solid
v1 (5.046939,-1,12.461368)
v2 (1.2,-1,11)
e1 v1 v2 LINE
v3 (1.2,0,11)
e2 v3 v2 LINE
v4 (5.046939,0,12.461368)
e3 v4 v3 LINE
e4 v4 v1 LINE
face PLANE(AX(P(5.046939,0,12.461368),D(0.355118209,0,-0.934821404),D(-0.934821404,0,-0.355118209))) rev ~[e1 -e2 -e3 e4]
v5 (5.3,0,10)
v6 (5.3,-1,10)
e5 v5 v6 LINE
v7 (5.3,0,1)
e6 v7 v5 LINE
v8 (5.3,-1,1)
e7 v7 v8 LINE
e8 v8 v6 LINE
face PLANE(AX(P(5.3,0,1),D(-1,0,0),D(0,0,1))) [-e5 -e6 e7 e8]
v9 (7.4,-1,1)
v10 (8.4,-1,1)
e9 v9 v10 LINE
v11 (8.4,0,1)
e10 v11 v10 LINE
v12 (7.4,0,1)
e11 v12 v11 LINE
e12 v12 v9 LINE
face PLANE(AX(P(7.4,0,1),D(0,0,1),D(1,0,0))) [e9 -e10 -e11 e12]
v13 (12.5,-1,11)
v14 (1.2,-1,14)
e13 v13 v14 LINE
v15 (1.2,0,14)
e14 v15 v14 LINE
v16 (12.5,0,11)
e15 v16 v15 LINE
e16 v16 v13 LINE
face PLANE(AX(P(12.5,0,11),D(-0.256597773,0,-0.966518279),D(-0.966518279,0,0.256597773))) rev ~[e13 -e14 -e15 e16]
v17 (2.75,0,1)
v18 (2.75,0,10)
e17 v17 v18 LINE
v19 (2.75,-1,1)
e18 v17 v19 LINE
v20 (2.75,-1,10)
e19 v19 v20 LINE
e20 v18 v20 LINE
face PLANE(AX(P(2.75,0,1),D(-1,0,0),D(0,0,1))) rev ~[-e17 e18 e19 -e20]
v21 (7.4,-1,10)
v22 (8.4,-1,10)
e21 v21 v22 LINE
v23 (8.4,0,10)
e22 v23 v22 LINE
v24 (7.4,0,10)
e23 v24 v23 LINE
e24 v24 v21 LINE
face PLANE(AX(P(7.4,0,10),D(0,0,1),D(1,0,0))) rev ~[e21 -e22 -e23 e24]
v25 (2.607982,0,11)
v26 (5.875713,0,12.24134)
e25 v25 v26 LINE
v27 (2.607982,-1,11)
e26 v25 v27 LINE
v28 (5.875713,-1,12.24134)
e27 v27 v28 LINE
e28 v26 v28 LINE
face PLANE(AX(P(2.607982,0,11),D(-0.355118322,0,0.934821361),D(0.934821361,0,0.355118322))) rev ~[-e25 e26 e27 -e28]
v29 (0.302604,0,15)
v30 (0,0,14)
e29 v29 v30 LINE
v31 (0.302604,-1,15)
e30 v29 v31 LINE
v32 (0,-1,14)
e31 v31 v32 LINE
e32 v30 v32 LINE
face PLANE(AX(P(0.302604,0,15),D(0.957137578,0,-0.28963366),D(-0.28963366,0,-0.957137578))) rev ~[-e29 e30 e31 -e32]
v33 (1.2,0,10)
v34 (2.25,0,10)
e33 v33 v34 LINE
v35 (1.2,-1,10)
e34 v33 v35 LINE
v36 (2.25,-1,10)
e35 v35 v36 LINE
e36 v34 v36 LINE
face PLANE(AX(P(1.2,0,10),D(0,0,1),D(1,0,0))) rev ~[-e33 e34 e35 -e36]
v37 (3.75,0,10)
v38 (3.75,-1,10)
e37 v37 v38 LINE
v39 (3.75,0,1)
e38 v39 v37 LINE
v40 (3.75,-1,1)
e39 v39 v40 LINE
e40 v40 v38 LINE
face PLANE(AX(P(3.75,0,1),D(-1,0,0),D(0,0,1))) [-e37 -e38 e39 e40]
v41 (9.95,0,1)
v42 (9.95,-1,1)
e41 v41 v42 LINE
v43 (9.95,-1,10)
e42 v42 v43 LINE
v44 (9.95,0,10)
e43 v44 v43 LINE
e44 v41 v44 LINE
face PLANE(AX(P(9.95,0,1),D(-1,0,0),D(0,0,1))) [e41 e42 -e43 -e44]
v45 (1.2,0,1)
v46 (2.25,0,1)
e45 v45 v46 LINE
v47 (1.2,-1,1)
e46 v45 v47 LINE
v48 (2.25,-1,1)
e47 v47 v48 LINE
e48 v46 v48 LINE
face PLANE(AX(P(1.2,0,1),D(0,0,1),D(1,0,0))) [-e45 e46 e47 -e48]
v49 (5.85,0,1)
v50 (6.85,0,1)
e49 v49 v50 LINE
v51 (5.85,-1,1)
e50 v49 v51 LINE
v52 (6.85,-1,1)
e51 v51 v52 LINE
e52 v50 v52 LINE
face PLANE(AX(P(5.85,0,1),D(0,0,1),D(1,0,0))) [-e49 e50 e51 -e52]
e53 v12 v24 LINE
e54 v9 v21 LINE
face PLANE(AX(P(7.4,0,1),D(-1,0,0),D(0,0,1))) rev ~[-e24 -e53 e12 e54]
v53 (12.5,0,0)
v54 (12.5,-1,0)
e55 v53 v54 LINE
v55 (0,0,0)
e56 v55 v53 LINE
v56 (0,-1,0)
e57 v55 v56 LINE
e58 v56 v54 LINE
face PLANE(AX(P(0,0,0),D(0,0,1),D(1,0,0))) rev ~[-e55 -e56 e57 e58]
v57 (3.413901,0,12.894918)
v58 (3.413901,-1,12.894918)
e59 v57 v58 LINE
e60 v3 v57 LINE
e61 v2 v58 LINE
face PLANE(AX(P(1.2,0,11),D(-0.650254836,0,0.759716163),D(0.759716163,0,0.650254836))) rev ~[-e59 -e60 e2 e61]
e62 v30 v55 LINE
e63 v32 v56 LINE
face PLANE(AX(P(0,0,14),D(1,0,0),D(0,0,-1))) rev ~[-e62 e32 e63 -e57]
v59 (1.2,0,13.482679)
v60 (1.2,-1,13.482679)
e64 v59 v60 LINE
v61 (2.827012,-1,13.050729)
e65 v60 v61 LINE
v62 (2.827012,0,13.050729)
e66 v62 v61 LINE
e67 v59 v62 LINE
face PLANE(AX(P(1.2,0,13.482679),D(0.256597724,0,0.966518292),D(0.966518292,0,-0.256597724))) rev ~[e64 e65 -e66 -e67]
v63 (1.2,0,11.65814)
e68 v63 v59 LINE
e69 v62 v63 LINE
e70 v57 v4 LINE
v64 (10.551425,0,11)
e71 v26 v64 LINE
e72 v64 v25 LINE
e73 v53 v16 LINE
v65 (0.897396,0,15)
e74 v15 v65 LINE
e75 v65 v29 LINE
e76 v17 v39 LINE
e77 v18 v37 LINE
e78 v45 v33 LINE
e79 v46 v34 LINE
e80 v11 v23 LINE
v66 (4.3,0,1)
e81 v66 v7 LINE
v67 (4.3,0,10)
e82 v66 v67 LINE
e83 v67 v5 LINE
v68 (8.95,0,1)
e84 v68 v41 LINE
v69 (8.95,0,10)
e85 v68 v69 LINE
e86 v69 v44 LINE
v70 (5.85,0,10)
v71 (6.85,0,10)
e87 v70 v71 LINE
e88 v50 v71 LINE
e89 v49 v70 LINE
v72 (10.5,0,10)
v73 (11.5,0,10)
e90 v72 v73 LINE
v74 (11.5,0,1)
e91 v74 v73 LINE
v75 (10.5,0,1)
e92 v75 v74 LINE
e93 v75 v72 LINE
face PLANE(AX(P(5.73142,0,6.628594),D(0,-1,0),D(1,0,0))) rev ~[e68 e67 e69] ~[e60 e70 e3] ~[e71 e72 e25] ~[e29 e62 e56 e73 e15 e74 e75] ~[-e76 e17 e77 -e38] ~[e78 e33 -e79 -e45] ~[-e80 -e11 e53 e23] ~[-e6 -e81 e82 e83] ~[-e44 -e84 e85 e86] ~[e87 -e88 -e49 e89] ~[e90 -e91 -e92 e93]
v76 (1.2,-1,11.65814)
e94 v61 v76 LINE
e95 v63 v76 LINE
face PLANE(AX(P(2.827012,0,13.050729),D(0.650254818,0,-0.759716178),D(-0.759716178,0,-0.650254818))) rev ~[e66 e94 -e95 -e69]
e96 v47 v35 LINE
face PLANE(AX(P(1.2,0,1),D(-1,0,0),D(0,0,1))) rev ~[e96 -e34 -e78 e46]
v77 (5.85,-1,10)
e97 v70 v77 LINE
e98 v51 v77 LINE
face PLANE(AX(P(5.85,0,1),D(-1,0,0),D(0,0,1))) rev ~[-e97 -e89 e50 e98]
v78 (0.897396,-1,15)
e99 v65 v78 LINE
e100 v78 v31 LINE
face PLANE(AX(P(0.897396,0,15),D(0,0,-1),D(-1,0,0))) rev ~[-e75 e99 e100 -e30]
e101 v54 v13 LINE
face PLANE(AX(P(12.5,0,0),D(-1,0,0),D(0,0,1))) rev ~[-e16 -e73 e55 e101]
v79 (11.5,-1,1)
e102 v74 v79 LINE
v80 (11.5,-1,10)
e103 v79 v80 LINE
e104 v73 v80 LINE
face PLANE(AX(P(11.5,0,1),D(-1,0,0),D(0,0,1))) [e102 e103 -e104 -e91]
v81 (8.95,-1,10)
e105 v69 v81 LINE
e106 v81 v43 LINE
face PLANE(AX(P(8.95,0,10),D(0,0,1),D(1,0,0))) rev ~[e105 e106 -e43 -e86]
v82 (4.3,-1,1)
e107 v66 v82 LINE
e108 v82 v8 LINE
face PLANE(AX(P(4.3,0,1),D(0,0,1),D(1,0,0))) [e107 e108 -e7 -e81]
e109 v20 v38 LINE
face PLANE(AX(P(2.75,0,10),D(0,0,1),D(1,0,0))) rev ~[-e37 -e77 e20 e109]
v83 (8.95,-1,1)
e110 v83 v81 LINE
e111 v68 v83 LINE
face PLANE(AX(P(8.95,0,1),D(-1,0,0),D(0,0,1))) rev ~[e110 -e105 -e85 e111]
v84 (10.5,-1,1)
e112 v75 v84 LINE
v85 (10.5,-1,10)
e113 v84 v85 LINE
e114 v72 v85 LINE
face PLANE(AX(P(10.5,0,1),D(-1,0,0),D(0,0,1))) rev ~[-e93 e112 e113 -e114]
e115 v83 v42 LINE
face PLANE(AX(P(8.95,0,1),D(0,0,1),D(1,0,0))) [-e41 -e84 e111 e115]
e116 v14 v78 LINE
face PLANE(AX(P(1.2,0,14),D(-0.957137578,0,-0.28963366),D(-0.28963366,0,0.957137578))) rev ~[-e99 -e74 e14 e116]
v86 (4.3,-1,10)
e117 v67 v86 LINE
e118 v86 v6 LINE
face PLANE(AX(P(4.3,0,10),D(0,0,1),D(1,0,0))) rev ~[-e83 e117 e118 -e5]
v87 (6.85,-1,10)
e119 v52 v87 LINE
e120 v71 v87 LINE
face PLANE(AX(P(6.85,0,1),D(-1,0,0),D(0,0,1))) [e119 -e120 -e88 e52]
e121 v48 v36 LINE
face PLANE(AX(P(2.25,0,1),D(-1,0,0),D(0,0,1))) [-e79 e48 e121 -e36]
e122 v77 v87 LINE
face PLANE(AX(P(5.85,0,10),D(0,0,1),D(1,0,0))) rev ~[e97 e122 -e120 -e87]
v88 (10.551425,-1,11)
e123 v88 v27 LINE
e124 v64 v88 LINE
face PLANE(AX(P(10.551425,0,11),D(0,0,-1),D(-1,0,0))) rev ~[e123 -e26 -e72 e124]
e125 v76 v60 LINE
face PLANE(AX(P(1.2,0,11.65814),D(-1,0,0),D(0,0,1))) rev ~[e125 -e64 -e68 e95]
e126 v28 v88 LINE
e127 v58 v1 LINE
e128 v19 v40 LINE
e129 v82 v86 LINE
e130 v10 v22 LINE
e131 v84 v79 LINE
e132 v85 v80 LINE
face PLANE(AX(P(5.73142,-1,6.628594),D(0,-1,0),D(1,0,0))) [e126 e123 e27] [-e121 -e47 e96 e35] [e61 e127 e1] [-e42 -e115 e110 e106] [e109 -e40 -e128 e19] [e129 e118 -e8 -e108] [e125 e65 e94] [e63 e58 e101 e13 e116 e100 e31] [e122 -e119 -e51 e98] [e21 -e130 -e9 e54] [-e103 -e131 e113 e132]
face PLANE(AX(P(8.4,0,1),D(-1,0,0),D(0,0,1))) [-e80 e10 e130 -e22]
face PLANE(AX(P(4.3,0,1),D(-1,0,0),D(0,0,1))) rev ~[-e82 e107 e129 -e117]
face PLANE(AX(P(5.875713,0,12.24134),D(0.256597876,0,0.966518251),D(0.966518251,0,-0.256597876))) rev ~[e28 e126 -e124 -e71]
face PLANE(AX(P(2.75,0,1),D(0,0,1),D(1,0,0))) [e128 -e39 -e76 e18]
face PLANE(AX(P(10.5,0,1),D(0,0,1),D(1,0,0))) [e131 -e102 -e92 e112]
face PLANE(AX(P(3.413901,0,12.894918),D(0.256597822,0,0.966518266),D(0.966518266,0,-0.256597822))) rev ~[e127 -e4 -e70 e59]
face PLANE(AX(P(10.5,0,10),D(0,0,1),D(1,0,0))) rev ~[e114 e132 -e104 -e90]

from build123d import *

# Parameters (mm, degrees)
F0_W     = 1.05
F0_H     = 9
F0_W_2   = 1
F1_DEPTH = 1


with BuildPart() as f1:
    # F0 (on Front) → F1 (new body)
    with BuildSketch(Plane.XZ):
        Polygon((0, 14), (0, 0), (12.5, 0), (12.5, 11), (1.2, 14), (0.897396, 15), (0.302604, 15), align=None)
        with Locations((1.725, 5.5)):
            Rectangle(F0_W, F0_H, mode=Mode.SUBTRACT)
        with Locations((3.25, 5.5)):
            Rectangle(F0_W_2, F0_H, mode=Mode.SUBTRACT)
        with Locations((4.8, 5.5)):
            Rectangle(F0_W_2, F0_H, mode=Mode.SUBTRACT)
        with Locations((6.35, 5.5)):
            Rectangle(F0_W_2, F0_H, mode=Mode.SUBTRACT)
        with Locations((7.9, 5.5)):
            Rectangle(F0_W_2, F0_H, mode=Mode.SUBTRACT)
        with Locations((9.45, 5.5)):
            Rectangle(F0_W_2, F0_H, mode=Mode.SUBTRACT)
        with Locations((11, 5.5)):
            Rectangle(F0_W_2, F0_H, mode=Mode.SUBTRACT)
        Polygon((5.046939, 12.461368), (1.2, 11), (3.413901, 12.894918), align=None, mode=Mode.SUBTRACT)
        Polygon((1.2, 11.65814), (1.2, 13.482679), (2.827012, 13.050729), align=None, mode=Mode.SUBTRACT)
        Polygon((5.875713, 12.24134), (10.551425, 11), (2.607982, 11), align=None, mode=Mode.SUBTRACT)
    extrude(amount=F1_DEPTH)


solid = f1.part
